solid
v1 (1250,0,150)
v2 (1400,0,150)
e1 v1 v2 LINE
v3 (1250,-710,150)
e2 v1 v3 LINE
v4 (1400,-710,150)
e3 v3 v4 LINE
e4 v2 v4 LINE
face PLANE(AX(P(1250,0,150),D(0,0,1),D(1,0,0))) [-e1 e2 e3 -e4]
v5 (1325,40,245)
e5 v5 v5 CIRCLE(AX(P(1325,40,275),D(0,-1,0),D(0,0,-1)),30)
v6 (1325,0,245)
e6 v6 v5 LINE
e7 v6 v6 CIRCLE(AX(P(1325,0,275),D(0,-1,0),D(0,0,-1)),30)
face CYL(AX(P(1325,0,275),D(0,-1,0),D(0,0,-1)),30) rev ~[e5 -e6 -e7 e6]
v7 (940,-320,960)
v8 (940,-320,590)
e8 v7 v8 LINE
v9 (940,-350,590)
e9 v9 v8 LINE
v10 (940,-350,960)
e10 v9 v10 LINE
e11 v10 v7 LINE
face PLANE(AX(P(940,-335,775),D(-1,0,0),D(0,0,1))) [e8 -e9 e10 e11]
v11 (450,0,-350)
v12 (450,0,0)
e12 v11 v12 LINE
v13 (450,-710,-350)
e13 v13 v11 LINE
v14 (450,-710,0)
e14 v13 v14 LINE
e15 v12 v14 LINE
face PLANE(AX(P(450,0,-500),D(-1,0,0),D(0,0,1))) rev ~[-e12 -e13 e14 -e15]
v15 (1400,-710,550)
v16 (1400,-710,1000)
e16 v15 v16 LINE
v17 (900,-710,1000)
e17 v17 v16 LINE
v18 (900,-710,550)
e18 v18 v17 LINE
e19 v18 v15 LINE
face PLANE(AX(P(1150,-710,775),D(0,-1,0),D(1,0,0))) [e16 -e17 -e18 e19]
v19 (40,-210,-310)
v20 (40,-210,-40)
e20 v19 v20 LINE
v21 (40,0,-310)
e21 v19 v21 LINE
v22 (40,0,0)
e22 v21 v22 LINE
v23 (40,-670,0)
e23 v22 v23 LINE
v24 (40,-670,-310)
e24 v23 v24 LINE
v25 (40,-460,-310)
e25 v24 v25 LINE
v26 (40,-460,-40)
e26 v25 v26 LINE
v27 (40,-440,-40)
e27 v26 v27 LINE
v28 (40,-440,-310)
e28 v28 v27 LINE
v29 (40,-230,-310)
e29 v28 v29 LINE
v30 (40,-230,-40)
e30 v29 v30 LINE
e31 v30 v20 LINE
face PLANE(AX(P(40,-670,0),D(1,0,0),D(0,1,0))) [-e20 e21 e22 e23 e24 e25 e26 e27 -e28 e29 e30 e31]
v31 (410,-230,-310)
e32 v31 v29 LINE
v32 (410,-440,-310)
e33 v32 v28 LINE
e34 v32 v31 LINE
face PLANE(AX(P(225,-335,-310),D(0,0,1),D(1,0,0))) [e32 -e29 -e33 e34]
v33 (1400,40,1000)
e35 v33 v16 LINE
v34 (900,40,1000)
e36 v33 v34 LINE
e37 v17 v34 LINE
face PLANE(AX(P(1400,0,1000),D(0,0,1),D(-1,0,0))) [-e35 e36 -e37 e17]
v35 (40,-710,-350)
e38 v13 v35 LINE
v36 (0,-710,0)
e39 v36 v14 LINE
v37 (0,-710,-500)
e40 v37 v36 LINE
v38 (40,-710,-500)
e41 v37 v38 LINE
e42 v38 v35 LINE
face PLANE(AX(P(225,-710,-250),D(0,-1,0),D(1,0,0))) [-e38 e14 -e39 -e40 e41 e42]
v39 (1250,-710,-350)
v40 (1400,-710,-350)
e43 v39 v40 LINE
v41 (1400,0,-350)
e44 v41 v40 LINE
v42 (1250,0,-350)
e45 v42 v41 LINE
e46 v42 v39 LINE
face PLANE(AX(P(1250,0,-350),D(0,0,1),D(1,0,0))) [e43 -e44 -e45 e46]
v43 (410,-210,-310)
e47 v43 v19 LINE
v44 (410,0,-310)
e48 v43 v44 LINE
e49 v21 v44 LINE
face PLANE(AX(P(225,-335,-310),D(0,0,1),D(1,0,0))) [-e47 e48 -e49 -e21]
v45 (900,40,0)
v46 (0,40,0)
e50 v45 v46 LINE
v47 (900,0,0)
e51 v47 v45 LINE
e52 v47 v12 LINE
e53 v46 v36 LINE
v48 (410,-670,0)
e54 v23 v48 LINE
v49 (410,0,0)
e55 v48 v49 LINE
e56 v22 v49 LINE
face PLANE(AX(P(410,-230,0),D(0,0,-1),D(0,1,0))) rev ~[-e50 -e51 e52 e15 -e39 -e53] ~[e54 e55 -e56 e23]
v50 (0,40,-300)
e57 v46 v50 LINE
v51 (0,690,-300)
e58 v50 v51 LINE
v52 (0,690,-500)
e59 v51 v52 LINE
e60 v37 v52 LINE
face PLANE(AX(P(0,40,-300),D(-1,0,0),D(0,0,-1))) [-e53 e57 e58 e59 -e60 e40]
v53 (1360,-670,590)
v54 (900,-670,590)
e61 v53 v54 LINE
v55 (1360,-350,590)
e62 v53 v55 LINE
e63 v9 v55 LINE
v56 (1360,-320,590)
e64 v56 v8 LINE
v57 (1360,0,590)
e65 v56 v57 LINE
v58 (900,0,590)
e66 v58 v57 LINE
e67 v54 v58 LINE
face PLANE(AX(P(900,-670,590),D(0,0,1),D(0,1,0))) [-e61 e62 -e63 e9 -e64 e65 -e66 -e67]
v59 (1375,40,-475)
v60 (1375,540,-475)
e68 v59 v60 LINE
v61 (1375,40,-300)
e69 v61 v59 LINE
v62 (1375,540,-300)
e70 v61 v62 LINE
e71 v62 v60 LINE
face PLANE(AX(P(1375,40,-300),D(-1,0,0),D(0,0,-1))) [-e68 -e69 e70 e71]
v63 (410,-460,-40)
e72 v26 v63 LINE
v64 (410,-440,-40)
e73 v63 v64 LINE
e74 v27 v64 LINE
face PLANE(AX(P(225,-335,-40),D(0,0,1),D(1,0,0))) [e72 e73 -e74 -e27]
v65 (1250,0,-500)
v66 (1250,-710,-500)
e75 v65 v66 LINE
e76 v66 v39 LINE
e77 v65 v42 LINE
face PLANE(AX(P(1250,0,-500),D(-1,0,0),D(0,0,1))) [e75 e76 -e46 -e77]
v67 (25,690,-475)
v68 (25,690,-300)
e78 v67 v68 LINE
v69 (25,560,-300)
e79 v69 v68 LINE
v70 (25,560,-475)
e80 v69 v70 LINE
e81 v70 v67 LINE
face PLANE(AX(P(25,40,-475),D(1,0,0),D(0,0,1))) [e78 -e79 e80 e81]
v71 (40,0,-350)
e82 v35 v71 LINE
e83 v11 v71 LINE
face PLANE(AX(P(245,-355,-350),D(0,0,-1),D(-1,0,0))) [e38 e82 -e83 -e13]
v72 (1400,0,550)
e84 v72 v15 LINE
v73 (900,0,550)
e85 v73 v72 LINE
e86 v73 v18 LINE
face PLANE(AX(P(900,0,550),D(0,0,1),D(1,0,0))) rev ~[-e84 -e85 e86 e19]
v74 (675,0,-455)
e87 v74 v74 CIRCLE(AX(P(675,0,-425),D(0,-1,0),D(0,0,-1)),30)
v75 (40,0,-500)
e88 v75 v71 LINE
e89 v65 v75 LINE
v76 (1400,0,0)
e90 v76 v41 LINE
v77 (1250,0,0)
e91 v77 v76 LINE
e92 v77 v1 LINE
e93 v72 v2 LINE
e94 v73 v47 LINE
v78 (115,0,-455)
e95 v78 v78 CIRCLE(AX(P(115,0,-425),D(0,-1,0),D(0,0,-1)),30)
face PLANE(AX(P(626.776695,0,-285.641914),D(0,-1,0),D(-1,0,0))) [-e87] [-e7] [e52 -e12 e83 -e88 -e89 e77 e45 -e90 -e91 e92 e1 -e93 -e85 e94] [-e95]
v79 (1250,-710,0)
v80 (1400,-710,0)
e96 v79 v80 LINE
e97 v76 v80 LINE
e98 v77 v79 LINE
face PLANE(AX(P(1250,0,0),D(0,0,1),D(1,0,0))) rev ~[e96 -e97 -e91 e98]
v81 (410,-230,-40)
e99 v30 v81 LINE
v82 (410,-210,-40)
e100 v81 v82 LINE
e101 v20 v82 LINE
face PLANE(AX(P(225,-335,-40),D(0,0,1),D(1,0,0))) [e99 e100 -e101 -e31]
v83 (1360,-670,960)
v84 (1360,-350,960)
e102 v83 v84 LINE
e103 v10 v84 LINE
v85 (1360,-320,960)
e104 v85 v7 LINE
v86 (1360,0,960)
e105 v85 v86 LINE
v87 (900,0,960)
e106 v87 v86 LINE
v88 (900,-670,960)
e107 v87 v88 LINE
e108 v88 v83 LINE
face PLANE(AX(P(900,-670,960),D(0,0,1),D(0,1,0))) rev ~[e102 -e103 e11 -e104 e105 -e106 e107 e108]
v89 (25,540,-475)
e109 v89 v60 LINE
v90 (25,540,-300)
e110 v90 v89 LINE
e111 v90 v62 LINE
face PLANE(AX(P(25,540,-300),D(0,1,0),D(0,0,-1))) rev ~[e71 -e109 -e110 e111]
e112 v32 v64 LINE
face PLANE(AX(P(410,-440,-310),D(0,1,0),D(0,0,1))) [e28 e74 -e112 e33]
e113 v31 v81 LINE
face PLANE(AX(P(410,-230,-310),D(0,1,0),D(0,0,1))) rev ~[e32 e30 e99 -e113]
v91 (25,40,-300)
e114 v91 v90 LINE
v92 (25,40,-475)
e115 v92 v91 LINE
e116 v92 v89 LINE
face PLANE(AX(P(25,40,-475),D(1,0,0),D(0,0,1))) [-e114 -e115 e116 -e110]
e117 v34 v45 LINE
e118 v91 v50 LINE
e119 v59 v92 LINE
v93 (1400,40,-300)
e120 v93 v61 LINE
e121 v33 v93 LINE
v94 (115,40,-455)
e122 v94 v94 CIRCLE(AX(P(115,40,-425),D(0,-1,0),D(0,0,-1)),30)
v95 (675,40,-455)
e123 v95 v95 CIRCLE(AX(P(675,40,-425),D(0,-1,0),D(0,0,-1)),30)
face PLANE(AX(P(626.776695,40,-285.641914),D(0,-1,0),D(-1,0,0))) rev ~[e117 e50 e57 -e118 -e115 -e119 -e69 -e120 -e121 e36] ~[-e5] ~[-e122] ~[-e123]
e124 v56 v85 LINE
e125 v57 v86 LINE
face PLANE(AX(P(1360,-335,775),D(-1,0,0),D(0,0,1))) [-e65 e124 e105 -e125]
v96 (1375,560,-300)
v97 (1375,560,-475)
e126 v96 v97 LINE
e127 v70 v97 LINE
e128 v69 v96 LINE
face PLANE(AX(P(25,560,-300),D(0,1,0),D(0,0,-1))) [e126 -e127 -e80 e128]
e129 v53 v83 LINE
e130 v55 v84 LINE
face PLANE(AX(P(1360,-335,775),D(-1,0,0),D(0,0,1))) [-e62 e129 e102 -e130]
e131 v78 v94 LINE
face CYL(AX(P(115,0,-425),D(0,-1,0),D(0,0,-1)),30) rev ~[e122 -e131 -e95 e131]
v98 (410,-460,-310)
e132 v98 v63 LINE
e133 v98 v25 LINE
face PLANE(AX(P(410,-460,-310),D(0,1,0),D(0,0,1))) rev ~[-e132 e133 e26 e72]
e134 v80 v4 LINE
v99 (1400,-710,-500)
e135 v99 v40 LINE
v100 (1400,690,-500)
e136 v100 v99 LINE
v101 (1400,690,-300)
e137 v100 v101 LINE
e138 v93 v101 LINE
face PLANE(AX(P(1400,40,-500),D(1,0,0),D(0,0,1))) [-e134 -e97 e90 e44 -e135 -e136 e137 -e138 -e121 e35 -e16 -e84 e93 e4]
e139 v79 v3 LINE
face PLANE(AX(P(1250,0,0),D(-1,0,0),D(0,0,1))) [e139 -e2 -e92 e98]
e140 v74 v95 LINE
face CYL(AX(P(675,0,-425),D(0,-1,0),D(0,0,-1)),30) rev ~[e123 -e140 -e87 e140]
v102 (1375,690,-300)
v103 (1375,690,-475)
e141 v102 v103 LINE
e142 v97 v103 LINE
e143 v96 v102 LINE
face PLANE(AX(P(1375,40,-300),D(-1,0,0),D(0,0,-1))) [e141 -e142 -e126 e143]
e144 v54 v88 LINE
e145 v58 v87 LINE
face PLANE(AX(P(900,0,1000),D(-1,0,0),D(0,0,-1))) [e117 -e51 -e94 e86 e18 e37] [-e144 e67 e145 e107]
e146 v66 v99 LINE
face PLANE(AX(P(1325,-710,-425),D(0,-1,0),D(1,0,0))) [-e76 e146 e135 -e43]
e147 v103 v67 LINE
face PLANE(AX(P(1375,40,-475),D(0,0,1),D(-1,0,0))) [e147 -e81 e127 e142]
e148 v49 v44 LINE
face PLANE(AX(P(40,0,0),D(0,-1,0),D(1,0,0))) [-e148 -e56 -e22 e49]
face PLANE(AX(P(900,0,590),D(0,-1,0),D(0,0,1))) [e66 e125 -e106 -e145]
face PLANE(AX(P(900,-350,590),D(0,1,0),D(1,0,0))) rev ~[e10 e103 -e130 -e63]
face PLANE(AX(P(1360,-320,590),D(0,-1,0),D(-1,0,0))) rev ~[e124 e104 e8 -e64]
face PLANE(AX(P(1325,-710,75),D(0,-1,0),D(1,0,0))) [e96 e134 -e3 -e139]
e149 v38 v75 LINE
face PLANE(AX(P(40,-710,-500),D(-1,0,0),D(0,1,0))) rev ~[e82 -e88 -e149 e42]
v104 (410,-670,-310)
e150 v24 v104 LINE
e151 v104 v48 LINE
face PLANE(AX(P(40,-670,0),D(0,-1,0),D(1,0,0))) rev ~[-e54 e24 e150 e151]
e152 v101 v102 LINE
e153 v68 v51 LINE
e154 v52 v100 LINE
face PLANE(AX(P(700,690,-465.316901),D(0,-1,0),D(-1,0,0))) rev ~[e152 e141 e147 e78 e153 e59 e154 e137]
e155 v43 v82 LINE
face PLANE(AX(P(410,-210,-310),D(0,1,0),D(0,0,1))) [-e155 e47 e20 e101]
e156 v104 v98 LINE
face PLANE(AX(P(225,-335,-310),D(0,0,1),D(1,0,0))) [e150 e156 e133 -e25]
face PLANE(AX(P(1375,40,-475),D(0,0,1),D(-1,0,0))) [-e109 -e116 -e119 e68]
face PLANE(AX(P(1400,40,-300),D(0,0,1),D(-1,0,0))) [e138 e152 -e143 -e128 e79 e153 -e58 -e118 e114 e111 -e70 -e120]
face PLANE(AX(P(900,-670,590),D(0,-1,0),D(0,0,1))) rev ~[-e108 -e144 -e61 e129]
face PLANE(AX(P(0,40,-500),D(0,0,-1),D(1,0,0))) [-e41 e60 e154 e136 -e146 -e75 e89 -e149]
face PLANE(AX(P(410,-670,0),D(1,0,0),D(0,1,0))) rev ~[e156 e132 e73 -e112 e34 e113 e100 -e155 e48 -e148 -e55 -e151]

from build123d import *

# Parameters (mm, degrees)
BOSS_EXTRUDE1_DEPTH = 40
SKETCH3_W           = 450
SKETCH3_H           = 500
SKETCH3_W_2         = 500
SKETCH3_H_2         = 450
BOSS_EXTRUDE2_DEPTH = 710
SKETCH5_W           = 410
SKETCH5_H           = 710
CUT_EXTRUDE1_DEPTH  = 150
SKETCH7_R           = 30
CUT_EXTRUDE2_DEPTH  = 150
SKETCH8_W           = 370
SKETCH8_H           = 670
CUT_EXTRUDE3_DEPTH  = 310
SKETCH9_W           = 370
SKETCH9_H           = 670
CUT_EXTRUDE4_DEPTH  = 460
SKETCH10_W          = 150
SKETCH10_H          = 150
BOSS_EXTRUDE3_DEPTH = 710
SKETCH11_W          = 310
SKETCH11_H          = 20
BOSS_EXTRUDE4_DEPTH = 410
SKETCH12_W          = 370
SKETCH12_H          = 670
CUT_EXTRUDE5_DEPTH  = 40
BOSS_EXTRUDE5_DEPTH = 370
SKETCH14_W          = 370
SKETCH14_H          = 670
CUT_EXTRUDE10_DEPTH = 40
BOSS_EXTRUDE6_DEPTH = 650
SKETCH17_W          = 175
SKETCH17_H          = 20
BOSS_EXTRUDE7_DEPTH = 1350


with BuildPart() as part:
    # Sketch2 → Boss-Extrude1 (new body)
    with BuildSketch(Plane(origin=(0, 0, 0), x_dir=(1, 0, 0), z_dir=(0, 1, 0))):
        Polygon((0, 500), (1400, 500), (900, 0), (0, 0), align=None)
        Polygon((900, 0), (1400, 500), (1400, 0), (1400, -1000), (900, -1000), align=None)
    extrude(amount=BOSS_EXTRUDE1_DEPTH)

    # Sketch3 → Boss-Extrude2 (add)
    with BuildSketch(Plane.XZ):
        with Locations((225, -250)):
            Rectangle(SKETCH3_W, SKETCH3_H)
        with Locations((1150, 775)):
            Rectangle(SKETCH3_W_2, SKETCH3_H_2)
    extrude(amount=BOSS_EXTRUDE2_DEPTH)

    # Sketch5 → Cut-Extrude1 (cut)
    with BuildSketch(Plane(origin=(0, 0, -500), x_dir=(-1, 0, 0), z_dir=(0, 0, -1))):
        with Locations((-245, -355)):
            Rectangle(SKETCH5_W, SKETCH5_H)
    extrude(amount=-CUT_EXTRUDE1_DEPTH, mode=Mode.SUBTRACT)

    # Sketch7 → Cut-Extrude2 (cut)
    with BuildSketch(Plane.XZ):
        with Locations(Location((115, -425, 0), (0, 0, 270))):
            Circle(SKETCH7_R)
        with Locations(Location((675, -425, 0), (0, 0, 270))):
            Circle(SKETCH7_R)
        with Locations(Location((1325, 275, 0), (0, 0, 270))):
            Circle(SKETCH7_R)
    extrude(amount=-CUT_EXTRUDE2_DEPTH, mode=Mode.SUBTRACT)

    # Sketch8 → Cut-Extrude3 (cut)
    with BuildSketch(Plane.XY):
        with Locations((225, -335)):
            Rectangle(SKETCH8_W, SKETCH8_H)
    extrude(amount=-CUT_EXTRUDE3_DEPTH, mode=Mode.SUBTRACT)

    # Sketch9 → Cut-Extrude4 (cut)
    with BuildSketch(Plane.ZY.offset(-900)):
        with Locations((775, -335)):
            Rectangle(SKETCH9_W, SKETCH9_H)
    extrude(amount=-CUT_EXTRUDE4_DEPTH, mode=Mode.SUBTRACT)

    # Sketch10 → Boss-Extrude3 (add)
    with BuildSketch(Plane.XZ):
        with Locations((1325, 75)):
            Rectangle(SKETCH10_W, SKETCH10_H)
        with Locations((1325, -425)):
            Rectangle(SKETCH10_W, SKETCH10_H)
    extrude(amount=BOSS_EXTRUDE3_DEPTH)

    # Sketch11 → Boss-Extrude4 (add)
    with BuildSketch(Plane.ZY.offset(-410)):
        with Locations((-155, -220)):
            Rectangle(SKETCH11_W, SKETCH11_H)
        with Locations((-155, -450)):
            Rectangle(SKETCH11_W, SKETCH11_H)
    extrude(amount=BOSS_EXTRUDE4_DEPTH)

    # Sketch12 → Cut-Extrude5 (cut)
    with BuildSketch(Plane.XY):
        with Locations((225, -335)):
            Rectangle(SKETCH12_W, SKETCH12_H)
    extrude(amount=-CUT_EXTRUDE5_DEPTH, mode=Mode.SUBTRACT)

    # Sketch13 → Boss-Extrude5 (add)
    with BuildSketch(Plane.XY.offset(590)):
        Polygon((1360, -320), (900, -320), (900, -335), (900, -350), (1360, -350), align=None)
    extrude(amount=BOSS_EXTRUDE5_DEPTH)

    # Sketch14 → Cut-Extrude10 (cut)
    with BuildSketch(Plane.ZY.offset(-900)):
        with Locations((775, -335)):
            Rectangle(SKETCH14_W, SKETCH14_H)
    extrude(amount=-CUT_EXTRUDE10_DEPTH, mode=Mode.SUBTRACT)

    # Sketch16 → Boss-Extrude6 (add)
    with BuildSketch(Plane(origin=(0, 40, 0), x_dir=(1, 0, 0), z_dir=(0, 1, 0))):
        Polygon((0, 500), (1400, 500), (1400, 300), (1375, 300), (1375, 475), (25, 475), (25, 300), (0, 300), align=None)
    extrude(amount=BOSS_EXTRUDE6_DEPTH)

    # Sketch17 → Boss-Extrude7 (add)
    with BuildSketch(Plane(origin=(25, 0, 0), x_dir=(0, 0, -1), z_dir=(1, 0, 0))):
        with Locations((387.5, 550)):
            Rectangle(SKETCH17_W, SKETCH17_H)
    extrude(amount=BOSS_EXTRUDE7_DEPTH)


solid = part.part
